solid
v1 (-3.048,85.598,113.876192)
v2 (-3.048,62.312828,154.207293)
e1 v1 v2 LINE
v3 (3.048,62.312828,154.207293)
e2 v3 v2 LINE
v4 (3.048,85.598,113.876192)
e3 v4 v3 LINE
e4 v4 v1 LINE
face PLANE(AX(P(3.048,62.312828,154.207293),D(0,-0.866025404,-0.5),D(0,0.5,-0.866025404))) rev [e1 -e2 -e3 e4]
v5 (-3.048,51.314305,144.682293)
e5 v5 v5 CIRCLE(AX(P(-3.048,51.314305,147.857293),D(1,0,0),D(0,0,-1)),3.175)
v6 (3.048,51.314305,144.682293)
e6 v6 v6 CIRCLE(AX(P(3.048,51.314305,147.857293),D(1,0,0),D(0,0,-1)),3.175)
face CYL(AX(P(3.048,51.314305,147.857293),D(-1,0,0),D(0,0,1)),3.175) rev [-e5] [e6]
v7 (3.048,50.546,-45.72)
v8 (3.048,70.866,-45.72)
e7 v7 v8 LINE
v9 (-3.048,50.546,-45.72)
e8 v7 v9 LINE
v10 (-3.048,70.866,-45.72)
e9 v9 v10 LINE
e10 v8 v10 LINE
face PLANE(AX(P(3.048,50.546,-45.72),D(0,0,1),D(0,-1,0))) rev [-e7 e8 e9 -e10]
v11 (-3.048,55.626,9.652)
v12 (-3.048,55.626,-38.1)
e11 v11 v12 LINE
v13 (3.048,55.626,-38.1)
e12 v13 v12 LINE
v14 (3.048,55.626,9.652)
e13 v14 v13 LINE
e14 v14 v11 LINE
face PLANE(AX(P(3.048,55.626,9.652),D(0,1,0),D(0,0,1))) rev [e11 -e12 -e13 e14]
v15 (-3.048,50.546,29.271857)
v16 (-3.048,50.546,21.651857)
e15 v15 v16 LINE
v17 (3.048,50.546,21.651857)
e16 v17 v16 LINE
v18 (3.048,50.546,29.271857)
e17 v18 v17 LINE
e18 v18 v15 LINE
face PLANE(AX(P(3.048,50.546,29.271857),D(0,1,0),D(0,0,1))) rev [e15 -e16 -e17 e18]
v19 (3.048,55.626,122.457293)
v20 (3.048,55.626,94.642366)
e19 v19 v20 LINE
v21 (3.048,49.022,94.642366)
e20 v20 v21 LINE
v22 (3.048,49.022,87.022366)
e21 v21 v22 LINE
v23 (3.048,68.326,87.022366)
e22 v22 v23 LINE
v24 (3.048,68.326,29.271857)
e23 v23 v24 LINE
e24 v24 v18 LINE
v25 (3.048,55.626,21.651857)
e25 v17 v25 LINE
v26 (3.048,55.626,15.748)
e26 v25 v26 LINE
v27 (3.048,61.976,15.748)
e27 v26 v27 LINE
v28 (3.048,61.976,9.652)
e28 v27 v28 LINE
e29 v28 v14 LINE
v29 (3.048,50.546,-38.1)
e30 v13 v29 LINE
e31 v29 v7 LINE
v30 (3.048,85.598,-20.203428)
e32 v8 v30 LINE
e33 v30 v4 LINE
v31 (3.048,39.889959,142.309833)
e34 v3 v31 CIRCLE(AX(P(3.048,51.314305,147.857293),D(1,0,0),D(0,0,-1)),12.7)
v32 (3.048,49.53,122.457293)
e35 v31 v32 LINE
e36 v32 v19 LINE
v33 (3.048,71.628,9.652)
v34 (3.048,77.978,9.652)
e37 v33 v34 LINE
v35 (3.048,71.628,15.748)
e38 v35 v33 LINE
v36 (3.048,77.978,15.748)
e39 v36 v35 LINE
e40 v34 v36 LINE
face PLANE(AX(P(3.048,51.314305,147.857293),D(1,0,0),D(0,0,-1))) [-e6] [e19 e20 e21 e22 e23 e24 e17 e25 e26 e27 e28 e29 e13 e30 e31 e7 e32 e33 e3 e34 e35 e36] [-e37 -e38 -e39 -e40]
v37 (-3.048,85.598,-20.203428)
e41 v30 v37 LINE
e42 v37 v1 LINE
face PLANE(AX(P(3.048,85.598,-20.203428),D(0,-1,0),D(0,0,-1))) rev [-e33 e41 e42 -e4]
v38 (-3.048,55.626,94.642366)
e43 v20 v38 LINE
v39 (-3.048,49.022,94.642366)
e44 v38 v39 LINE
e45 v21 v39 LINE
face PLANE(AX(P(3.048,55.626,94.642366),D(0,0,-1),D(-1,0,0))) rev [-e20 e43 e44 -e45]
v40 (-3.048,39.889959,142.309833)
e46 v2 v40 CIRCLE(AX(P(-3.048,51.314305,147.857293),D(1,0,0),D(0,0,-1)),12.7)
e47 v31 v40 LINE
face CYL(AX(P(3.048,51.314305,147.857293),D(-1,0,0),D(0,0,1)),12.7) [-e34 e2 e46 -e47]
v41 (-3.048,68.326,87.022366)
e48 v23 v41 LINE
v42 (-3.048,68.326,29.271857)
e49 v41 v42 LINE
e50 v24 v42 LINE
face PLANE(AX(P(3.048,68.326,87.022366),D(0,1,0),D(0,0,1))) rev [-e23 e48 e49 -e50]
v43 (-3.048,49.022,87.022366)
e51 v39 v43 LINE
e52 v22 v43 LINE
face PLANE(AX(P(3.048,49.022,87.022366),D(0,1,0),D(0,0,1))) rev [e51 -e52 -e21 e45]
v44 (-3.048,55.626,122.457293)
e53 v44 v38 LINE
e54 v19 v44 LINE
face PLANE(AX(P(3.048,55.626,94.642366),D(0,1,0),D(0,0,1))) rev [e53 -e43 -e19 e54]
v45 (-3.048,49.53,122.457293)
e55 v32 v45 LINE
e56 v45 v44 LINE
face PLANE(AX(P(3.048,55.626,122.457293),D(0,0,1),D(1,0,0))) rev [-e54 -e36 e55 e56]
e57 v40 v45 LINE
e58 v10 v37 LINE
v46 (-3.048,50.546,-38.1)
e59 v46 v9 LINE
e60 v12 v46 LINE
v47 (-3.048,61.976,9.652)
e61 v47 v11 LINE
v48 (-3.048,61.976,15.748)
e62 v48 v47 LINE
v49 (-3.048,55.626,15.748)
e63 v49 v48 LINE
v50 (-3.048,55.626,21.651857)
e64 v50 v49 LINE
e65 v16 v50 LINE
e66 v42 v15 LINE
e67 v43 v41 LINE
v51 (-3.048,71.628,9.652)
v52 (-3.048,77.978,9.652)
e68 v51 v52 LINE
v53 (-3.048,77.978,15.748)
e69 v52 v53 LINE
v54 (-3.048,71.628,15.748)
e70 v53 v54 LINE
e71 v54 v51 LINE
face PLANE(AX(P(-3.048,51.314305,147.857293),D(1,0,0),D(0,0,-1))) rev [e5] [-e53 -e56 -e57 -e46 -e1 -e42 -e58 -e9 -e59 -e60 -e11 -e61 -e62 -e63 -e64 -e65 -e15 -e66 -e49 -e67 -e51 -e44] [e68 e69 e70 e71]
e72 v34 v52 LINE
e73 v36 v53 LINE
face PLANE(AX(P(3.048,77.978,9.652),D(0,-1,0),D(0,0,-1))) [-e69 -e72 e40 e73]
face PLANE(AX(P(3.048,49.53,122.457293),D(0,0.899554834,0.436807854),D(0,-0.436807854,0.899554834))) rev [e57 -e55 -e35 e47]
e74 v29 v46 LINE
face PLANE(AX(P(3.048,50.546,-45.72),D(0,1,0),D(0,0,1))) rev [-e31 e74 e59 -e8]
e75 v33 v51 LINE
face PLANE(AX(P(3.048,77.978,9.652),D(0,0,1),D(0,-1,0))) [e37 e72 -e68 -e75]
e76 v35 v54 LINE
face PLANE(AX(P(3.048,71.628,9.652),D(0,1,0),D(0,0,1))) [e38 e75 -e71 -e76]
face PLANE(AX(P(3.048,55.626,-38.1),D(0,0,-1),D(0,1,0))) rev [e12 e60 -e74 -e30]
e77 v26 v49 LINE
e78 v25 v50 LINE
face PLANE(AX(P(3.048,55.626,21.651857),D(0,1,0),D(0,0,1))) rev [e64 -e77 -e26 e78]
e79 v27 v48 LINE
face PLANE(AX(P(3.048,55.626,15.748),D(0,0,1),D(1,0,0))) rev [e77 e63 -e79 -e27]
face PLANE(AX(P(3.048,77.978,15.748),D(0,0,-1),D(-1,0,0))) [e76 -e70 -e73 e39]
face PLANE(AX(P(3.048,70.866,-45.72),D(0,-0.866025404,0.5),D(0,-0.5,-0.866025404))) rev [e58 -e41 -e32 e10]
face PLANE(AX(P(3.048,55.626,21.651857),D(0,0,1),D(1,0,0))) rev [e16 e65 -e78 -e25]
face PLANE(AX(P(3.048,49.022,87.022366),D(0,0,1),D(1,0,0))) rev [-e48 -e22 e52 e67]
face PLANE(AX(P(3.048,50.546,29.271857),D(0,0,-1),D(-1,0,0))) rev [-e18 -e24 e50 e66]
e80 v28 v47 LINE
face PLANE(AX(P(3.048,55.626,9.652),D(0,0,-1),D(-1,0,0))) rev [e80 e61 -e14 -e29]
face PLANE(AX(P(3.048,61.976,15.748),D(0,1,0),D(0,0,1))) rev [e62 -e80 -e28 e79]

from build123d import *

# Parameters (mm, degrees)
SKETCH1_R           = 3.175
SKETCH1_W           = 6.096
SKETCH1_H           = 6.35
BOSS_EXTRUDE1_DEPTH = 3.048


with BuildPart() as part:
    # Sketch1 → Boss-Extrude1 (new, symmetric)
    with BuildSketch(Plane(origin=(0, 0, 0), x_dir=(0, 0, -1), z_dir=(1, 0, 0))):
        with BuildLine():
            Line((-94.642365809, 55.626), (-122.457292876, 55.626))
            Line((-122.457292876, 55.626), (-122.457292876, 49.53))
            Line((-122.457292876, 49.53), (-142.309833129, 39.889958968))
            ThreePointArc((-142.309833129, 39.889958968), (-159.075906045, 45.361766519), (-154.207292876, 62.312827982))
            Line((-154.207292876, 62.312827982), (-113.876191878, 85.598))
            Line((-113.876191878, 85.598), (20.203427503, 85.598))
            Line((20.203427503, 85.598), (45.72, 70.866))
            Line((45.72, 70.866), (45.72, 50.546))
            Line((45.72, 50.546), (38.1, 50.546))
            Line((38.1, 50.546), (38.1, 55.626))
            Line((38.1, 55.626), (-9.652, 55.626))
            Line((-9.652, 55.626), (-9.652, 61.976))
            Line((-9.652, 61.976), (-15.748, 61.976))
            Line((-15.748, 61.976), (-15.748, 55.626))
            Line((-15.748, 55.626), (-21.651856626, 55.626))
            Line((-21.651856626, 55.626), (-21.651856626, 50.546))
            Line((-21.651856626, 50.546), (-29.271856626, 50.546))
            Line((-29.271856626, 50.546), (-29.271856626, 68.326))
            Line((-29.271856626, 68.326), (-87.022365809, 68.326))
            Line((-87.022365809, 68.326), (-87.022365809, 49.022))
            Line((-87.022365809, 49.022), (-94.642365809, 49.022))
            Line((-94.642365809, 49.022), (-94.642365809, 55.626))
        make_face()
        with Locations((-147.857292876, 51.314305354)):
            Circle(SKETCH1_R, mode=Mode.SUBTRACT)
        with Locations((-12.7, 74.803)):
            Rectangle(SKETCH1_W, SKETCH1_H, mode=Mode.SUBTRACT)
    extrude(amount=BOSS_EXTRUDE1_DEPTH, both=True)


solid = part.part
